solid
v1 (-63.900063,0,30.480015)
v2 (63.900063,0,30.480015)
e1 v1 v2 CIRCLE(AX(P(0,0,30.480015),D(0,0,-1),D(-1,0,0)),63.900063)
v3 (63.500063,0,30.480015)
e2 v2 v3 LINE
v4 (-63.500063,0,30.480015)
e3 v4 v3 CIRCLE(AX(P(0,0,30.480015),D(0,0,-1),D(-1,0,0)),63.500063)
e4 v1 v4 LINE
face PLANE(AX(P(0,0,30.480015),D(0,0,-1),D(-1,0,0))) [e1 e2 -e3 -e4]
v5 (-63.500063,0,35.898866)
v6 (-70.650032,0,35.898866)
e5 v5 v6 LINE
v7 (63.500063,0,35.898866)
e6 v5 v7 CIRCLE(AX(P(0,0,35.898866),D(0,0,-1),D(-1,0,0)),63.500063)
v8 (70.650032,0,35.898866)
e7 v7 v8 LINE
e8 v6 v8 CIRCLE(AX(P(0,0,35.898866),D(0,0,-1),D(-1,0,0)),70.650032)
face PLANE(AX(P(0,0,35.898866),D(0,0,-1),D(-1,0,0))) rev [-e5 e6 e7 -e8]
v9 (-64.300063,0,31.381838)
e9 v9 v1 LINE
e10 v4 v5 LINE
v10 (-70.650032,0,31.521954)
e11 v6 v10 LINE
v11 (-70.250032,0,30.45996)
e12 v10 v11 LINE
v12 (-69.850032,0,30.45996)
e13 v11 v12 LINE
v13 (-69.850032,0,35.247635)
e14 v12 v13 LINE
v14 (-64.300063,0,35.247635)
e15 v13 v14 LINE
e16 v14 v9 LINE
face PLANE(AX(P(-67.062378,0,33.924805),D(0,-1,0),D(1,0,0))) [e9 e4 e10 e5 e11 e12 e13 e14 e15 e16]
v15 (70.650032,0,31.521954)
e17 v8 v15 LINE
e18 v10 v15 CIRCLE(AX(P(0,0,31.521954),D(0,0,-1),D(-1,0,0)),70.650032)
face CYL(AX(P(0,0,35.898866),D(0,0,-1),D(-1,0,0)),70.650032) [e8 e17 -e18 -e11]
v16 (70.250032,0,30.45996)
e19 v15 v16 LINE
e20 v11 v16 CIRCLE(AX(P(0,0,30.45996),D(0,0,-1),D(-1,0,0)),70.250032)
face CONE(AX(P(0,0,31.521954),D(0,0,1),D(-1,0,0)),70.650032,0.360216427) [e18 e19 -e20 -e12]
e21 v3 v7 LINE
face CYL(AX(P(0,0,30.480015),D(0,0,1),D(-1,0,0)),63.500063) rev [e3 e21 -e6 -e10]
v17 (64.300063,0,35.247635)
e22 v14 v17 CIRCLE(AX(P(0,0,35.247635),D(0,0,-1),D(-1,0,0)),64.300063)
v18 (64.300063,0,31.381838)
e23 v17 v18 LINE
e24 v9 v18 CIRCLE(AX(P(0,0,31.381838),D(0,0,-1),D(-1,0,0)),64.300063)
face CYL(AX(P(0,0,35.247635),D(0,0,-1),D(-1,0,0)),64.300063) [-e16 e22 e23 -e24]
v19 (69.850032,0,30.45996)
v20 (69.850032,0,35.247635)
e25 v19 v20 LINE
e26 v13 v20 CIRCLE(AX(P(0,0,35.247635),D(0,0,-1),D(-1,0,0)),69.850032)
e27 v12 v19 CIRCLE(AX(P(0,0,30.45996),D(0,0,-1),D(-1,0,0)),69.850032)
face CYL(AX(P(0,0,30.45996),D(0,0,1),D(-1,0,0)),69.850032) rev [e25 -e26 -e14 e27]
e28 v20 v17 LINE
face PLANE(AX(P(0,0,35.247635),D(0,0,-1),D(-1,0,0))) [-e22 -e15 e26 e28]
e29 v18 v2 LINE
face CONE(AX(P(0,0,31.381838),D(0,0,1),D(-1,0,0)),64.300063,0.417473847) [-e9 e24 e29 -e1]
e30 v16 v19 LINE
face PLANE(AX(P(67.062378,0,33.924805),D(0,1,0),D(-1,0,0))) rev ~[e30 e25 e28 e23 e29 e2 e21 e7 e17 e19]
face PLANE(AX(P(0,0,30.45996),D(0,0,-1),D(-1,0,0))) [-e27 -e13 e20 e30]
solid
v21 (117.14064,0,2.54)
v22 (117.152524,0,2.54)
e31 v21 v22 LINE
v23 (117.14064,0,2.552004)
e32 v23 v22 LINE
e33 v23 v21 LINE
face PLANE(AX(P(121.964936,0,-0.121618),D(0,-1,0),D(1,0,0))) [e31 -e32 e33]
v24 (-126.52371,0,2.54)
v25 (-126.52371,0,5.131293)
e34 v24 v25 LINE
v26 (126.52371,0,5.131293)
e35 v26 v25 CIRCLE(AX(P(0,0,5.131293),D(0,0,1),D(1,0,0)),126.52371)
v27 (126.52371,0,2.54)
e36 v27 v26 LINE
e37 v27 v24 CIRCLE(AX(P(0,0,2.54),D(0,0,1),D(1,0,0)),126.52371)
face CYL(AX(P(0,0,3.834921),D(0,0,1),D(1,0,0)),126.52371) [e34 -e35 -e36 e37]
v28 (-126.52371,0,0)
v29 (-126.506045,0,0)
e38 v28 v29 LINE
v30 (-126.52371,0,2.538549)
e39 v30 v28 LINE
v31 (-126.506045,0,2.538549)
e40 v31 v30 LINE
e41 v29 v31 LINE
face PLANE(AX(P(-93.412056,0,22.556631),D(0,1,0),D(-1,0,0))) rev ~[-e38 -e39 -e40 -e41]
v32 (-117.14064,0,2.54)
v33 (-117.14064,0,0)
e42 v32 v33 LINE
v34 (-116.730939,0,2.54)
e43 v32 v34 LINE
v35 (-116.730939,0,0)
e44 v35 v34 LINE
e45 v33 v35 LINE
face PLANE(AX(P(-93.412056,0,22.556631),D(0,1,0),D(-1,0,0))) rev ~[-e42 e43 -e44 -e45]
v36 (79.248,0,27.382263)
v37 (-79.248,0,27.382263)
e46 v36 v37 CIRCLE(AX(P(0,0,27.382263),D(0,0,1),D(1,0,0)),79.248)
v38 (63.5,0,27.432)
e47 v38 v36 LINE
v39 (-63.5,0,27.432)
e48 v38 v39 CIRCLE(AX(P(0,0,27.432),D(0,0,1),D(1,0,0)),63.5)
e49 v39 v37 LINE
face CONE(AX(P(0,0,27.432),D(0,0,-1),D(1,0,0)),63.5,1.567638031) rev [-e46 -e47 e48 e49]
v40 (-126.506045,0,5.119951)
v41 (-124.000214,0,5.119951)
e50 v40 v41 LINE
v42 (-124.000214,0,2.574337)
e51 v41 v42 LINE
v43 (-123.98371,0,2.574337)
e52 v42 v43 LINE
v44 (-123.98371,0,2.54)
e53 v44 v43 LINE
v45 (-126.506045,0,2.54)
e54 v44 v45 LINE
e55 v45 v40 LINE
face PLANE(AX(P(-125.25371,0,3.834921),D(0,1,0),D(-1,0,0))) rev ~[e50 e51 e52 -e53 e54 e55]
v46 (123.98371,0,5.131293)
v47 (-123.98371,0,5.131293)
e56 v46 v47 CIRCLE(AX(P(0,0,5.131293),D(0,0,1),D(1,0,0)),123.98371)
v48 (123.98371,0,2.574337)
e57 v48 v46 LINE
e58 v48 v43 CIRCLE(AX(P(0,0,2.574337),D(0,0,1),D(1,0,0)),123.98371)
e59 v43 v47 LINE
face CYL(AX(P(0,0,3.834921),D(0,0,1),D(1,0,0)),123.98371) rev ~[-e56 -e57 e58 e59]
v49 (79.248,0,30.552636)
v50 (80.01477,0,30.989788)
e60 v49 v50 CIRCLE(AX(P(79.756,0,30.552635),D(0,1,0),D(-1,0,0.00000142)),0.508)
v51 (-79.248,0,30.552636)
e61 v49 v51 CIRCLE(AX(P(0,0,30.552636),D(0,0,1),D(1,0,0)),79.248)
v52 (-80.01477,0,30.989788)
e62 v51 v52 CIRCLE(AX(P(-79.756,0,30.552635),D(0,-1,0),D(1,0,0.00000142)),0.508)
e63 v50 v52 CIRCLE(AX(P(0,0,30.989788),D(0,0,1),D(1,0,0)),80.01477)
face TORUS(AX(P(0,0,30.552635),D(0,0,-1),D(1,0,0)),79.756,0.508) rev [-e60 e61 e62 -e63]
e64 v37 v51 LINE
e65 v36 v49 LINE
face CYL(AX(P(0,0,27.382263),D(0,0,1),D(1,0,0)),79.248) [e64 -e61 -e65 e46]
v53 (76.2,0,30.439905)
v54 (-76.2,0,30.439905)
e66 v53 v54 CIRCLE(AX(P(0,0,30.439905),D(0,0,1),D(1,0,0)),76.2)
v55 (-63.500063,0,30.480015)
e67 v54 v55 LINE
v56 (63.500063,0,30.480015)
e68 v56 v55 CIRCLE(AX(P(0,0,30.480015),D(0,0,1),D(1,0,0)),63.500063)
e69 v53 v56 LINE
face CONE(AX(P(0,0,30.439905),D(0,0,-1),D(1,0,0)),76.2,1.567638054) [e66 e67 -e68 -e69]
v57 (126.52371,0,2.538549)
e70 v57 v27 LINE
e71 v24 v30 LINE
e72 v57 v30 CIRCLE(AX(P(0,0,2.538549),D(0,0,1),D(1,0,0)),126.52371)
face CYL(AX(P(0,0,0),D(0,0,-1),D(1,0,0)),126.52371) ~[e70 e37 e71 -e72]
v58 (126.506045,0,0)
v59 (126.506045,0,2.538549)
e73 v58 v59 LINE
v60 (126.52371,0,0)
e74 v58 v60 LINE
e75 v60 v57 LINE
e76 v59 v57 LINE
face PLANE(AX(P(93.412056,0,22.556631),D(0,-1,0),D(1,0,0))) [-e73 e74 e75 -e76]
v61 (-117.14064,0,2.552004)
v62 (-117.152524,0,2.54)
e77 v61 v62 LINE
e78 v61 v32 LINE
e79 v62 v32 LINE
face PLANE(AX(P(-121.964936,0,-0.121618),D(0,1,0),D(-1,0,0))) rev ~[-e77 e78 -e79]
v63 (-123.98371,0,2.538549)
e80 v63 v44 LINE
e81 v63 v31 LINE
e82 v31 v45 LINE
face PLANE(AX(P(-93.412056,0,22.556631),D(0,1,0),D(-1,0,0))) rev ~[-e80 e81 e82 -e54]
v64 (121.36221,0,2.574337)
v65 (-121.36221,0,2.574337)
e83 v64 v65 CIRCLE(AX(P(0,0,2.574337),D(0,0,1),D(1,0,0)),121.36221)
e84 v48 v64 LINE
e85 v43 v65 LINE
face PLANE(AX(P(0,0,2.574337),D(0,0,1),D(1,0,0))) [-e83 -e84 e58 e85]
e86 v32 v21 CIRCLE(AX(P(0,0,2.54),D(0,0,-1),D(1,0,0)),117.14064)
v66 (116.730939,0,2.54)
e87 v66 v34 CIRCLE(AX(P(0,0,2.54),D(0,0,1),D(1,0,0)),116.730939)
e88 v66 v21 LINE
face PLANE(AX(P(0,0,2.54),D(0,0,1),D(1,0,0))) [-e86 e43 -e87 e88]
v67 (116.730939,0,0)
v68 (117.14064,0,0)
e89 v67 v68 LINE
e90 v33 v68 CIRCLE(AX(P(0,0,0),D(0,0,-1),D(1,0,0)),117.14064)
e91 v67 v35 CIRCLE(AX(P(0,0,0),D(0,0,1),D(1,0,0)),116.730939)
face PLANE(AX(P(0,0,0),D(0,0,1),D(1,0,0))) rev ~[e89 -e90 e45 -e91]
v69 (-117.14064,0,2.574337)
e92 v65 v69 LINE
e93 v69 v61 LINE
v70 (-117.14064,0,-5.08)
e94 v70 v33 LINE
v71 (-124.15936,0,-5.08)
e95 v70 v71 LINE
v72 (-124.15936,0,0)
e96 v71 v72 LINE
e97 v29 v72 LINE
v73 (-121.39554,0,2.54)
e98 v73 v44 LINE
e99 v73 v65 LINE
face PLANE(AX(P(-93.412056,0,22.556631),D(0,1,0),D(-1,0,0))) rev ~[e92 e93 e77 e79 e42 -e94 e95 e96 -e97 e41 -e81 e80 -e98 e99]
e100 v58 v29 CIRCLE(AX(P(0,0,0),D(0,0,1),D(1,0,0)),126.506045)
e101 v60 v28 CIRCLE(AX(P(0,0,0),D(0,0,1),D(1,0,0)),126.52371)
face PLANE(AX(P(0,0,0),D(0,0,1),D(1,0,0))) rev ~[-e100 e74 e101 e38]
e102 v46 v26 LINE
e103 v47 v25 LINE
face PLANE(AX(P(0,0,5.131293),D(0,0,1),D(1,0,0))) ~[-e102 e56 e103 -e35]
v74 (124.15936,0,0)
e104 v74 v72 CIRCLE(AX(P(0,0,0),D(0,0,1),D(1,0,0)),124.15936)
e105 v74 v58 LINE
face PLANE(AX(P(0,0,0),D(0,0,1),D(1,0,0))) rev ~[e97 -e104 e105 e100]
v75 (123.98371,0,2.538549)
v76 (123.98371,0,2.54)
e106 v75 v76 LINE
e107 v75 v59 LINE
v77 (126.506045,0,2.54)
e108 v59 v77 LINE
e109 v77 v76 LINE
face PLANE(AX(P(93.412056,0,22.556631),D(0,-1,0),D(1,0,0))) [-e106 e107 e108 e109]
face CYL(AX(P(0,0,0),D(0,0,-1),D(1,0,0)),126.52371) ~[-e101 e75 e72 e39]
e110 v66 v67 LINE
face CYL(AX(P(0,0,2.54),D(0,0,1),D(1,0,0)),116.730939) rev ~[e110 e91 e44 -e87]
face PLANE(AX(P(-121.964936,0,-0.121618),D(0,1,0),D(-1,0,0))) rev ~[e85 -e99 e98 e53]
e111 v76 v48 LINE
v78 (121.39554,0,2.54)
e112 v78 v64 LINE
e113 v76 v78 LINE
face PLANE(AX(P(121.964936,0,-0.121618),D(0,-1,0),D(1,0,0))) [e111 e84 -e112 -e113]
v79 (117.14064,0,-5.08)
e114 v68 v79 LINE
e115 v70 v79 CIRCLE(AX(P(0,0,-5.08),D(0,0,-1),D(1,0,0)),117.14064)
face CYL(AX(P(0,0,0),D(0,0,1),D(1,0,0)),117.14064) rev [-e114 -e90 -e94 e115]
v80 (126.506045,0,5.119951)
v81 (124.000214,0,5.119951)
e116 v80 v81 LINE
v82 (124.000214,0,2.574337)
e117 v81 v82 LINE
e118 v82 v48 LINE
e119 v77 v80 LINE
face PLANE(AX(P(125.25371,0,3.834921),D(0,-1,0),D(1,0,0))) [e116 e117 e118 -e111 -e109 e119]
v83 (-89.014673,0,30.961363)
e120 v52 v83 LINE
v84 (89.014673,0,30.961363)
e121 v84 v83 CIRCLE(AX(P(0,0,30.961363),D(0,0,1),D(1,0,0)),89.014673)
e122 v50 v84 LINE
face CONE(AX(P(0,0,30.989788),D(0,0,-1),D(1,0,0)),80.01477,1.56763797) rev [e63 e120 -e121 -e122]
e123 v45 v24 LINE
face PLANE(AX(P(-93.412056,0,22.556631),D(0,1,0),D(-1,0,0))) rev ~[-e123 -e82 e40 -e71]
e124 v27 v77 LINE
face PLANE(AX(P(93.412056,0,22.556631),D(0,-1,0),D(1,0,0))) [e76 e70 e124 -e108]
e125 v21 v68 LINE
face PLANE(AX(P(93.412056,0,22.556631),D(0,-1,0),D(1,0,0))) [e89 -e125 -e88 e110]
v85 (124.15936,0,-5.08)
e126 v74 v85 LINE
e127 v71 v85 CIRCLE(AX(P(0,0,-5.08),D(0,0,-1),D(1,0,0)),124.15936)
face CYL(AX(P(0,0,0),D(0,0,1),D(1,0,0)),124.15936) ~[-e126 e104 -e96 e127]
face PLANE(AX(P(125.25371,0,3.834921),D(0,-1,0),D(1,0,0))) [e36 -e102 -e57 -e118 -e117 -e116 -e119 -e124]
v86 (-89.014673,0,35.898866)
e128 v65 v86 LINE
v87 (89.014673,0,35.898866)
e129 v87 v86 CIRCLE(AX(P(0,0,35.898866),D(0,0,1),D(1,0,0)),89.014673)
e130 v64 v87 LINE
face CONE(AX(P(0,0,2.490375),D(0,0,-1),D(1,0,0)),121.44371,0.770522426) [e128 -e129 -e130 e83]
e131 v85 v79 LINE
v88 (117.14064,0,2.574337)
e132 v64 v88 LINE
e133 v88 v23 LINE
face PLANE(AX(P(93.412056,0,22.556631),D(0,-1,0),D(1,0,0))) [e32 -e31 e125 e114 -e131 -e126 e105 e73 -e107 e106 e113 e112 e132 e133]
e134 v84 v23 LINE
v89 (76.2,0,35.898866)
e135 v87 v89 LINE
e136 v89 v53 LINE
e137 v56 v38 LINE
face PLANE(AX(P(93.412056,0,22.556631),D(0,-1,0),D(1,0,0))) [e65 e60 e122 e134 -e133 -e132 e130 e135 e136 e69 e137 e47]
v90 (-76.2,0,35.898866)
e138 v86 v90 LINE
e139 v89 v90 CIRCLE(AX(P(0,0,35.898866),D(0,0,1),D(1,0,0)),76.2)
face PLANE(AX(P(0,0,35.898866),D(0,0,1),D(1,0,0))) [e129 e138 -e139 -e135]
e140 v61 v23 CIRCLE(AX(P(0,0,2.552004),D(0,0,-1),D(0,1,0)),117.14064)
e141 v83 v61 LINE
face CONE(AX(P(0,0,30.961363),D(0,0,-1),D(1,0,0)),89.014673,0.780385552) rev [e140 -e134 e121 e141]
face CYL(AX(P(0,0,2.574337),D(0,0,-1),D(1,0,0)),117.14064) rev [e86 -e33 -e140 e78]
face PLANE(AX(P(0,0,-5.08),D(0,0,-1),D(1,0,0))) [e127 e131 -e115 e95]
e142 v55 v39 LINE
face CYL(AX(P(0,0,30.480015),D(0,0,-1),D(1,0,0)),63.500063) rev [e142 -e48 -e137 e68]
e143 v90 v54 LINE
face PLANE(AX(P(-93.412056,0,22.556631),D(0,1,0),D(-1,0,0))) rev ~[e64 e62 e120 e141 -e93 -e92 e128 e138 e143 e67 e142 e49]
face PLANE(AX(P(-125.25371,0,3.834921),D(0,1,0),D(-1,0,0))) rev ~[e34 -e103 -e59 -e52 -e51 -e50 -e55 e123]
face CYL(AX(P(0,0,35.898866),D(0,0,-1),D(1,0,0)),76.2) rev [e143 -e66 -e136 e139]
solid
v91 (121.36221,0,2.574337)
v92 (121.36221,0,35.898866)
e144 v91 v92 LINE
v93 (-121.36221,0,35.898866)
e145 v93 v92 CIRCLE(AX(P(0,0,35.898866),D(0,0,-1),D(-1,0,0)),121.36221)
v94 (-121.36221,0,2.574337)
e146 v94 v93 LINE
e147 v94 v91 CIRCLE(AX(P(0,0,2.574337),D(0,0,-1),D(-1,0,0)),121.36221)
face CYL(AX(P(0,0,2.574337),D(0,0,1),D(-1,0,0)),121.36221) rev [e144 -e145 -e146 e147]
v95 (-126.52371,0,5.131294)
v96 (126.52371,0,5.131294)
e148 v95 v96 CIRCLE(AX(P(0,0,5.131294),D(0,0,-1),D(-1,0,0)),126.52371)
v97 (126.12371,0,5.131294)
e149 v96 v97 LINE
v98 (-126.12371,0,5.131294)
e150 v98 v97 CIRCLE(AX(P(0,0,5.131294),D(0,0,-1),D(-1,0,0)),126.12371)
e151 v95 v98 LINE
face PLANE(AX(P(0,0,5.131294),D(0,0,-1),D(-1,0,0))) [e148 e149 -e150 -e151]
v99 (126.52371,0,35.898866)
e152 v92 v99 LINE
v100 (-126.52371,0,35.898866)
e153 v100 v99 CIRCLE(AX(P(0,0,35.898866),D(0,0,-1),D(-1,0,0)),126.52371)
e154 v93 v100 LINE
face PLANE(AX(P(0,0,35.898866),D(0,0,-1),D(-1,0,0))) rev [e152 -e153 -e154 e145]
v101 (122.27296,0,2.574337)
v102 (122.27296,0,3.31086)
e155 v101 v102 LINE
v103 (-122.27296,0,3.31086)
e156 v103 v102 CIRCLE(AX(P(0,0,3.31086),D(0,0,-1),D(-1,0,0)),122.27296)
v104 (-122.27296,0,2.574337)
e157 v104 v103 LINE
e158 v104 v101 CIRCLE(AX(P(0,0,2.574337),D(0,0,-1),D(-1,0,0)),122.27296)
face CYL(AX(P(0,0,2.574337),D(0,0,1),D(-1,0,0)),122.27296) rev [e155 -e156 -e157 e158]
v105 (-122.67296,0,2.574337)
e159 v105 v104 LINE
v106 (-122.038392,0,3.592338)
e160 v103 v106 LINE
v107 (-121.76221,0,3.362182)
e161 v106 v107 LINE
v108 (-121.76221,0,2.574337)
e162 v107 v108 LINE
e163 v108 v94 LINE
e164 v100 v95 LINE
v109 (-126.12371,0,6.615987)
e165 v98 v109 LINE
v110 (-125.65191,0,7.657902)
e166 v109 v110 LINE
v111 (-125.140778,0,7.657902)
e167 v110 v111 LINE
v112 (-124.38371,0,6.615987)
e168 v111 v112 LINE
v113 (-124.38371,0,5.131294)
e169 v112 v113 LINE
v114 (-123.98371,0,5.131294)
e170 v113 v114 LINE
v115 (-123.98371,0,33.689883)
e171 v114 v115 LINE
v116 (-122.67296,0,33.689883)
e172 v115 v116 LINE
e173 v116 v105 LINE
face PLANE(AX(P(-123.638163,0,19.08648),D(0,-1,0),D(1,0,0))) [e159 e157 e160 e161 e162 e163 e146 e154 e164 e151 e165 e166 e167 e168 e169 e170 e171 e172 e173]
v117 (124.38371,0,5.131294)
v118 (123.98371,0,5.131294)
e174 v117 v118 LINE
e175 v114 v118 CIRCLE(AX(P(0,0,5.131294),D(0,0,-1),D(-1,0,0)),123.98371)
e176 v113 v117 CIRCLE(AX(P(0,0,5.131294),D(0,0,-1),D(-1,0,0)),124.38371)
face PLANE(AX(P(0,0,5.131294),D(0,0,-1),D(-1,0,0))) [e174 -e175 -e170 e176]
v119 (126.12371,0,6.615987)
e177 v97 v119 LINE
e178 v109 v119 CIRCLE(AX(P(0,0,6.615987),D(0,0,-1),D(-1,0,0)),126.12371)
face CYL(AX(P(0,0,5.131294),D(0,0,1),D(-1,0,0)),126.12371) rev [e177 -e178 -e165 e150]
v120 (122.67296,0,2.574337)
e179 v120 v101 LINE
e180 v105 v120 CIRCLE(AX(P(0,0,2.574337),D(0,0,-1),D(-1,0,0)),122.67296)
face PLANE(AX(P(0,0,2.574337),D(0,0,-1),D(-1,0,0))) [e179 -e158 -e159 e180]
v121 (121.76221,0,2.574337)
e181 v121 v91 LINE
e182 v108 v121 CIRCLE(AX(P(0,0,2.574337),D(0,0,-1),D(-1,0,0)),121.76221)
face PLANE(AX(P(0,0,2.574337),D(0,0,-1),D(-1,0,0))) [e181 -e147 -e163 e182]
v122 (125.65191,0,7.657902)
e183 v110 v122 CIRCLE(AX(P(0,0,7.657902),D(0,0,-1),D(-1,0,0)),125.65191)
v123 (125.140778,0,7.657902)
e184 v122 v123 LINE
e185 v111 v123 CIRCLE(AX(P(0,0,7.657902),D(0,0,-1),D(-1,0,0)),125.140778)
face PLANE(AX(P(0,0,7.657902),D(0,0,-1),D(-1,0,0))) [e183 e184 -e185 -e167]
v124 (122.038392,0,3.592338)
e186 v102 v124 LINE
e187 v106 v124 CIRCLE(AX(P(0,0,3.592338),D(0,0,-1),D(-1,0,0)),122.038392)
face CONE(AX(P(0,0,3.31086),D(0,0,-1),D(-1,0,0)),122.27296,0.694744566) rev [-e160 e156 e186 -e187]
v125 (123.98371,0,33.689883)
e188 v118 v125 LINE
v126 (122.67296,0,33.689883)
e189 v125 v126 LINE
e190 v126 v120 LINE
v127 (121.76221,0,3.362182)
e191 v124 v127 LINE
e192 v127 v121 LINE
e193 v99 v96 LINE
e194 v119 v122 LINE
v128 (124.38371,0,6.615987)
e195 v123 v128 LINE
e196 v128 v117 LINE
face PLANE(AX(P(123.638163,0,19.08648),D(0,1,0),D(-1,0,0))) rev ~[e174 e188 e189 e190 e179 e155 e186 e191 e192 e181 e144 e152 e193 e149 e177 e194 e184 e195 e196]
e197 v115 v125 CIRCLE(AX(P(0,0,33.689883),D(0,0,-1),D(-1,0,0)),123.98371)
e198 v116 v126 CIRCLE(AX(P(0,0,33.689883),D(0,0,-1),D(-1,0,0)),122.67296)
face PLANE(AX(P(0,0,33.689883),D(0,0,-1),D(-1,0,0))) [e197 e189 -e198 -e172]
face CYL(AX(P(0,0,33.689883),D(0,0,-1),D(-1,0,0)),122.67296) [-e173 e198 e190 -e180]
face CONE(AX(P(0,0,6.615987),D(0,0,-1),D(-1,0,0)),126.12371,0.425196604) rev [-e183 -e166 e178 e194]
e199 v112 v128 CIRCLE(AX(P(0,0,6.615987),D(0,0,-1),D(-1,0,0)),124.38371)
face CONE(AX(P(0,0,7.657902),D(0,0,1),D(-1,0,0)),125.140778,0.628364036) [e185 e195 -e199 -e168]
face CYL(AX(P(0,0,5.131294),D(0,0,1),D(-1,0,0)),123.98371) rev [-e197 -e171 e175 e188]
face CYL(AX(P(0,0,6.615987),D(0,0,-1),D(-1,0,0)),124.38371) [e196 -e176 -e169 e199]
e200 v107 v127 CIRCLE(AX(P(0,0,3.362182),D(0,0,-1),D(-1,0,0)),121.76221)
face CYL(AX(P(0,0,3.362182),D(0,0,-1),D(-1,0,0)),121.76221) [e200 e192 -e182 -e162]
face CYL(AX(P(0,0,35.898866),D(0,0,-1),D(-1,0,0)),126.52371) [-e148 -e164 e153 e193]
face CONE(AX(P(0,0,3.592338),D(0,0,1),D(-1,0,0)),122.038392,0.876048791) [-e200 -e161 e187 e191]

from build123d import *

# Parameters (mm, degrees)
F0_R      = 126.52371
F0_R_2    = 124.15936
F1_DEPTH  = 2.54
F2_R      = 124.15936
F2_R_2    = 117.14064
F3_DEPTH  = 5.08
F4_R      = 125.743209
F4_R_2    = 116.730939
F5_DEPTH  = 2.54
F6_W      = 349.577502
F6_H      = 219.862625
F7_DEPTH  = 152.4
F9_ANGLE  = 180
F10_W     = 2.54
F10_H     = 2.592745
F11_ANGLE = -180
F13_ANGLE = -180
F15_ANGLE = -180


with BuildPart() as f1:
    # F0 (on Top) → F1 (new body)
    with BuildSketch(Plane.XY):
        Circle(F0_R)
        Circle(F0_R_2, mode=Mode.SUBTRACT)
    extrude(amount=F1_DEPTH)


with BuildPart() as f3:
    # F2 (on face) → F3 (new body)
    with BuildSketch(Plane(origin=(0, 0, 0), x_dir=(1, 0, 0), z_dir=(0, 0, -1))):
        Circle(F2_R)
        Circle(F2_R_2, mode=Mode.SUBTRACT)
    extrude(amount=F3_DEPTH)


with BuildPart() as f5:
    # F4 (on face) → F5 (new body)
    with BuildSketch(Plane.XY.offset(2.54)):
        Circle(F4_R)
        Circle(F4_R_2, mode=Mode.SUBTRACT)
    extrude(amount=-F5_DEPTH)


with BuildPart() as f7_tool:
    # F6 (on Front) → F7 (new body)
    with BuildSketch(Plane.XZ):
        with Locations((13.366215, -9.95794)):
            Rectangle(F6_W, F6_H)
    extrude(amount=F7_DEPTH)


with BuildPart() as f1_1:
    add(f1.part)

    # F7: cut by f7_tool
    add(f7_tool.part, mode=Mode.SUBTRACT)



with BuildPart() as f3_1:
    add(f3.part)

    # F7: cut by f7_tool
    add(f7_tool.part, mode=Mode.SUBTRACT)



with BuildPart() as f5_1:
    add(f5.part)

    # F7: cut by f7_tool
    add(f7_tool.part, mode=Mode.SUBTRACT)


with BuildPart() as f3_2:
    add(f3_1.part)

    add(f5_1.part)  # F9 merges F5
    # F8 (on Front) → F9 (revolve)
    with BuildSketch(Plane.XZ):
        with BuildLine():
            Line((76.2, 30.439905), (63.500063, 30.480015))
            Line((63.500063, 30.480015), (63.5, 27.432))
            Line((63.5, 27.432), (79.248, 27.382263))
            Line((79.248, 27.382263), (79.248, 30.552636))
            ThreePointArc((79.248, 30.552636), (79.504396, 30.993951), (80.01477, 30.989788))
            Line((80.01477, 30.989788), (89.014673, 30.961363))
            Line((89.014673, 30.961363), (119.667187, 0))
            Line((119.667187, 0), (121.44371, 2.490375))
            Line((121.44371, 2.490375), (89.014673, 35.898866))
            Line((89.014673, 35.898866), (76.2, 35.898866))
            Line((76.2, 35.898866), (76.2, 30.439905))
        make_face()
    revolve(axis=Axis((0, 0, 15.24), (0, 0, 1)), revolution_arc=F9_ANGLE)


with BuildPart() as f11:
    # F10 (on Front) → F11 (revolve)
    with BuildSketch(Plane.XZ):
        with Locations((125.25371, 3.834921)):
            Rectangle(F10_W, F10_H)
    revolve(axis=Axis((0, 0, -9.371076), (0, 0, -1)), revolution_arc=F11_ANGLE)


with BuildPart() as f1_2:
    add(f1_1.part)

    add(f3_2.part)  # F13 merges F3

    add(f11.part)  # F13 merges F11
    # F12 (on face) → F13 (revolve)
    with BuildSketch(Plane.XZ):
        Polygon((117.14064, 2.574337), (117.14064, 0), (117.14064, -5.08), (124.15936, -5.08), (124.15936, 0), (126.506045, 0), (126.506045, 5.119951), (124.000214, 5.119951), (124.000214, 2.574337), align=None)
    revolve(axis=Axis((0, 0, -4.455078), (0, 0, -1)), revolution_arc=F13_ANGLE)


with BuildPart() as f15:
    # F14 (on face) → F15 (revolve)
    with BuildSketch(Plane.XZ):
        Polygon((-63.500063, 30.480015), (-63.500063, 35.898866), (-64.300063, 35.898866), (-69.850032, 35.898866), (-70.650032, 35.898866), (-70.650032, 31.521954), (-70.250032, 30.45996), (-69.850032, 30.45996), (-69.850032, 35.247635), (-64.300063, 35.247635), (-64.300063, 31.381838), (-63.900063, 30.480015), align=None)
        Polygon((-126.52371, 33.689883), (-126.52371, 5.131294), (-126.12371, 5.131294), (-126.12371, 6.615987), (-125.65191, 7.657902), (-125.140778, 7.657902), (-124.38371, 6.615987), (-124.38371, 5.131294), (-123.98371, 5.131294), (-123.98371, 33.689883), (-122.67296, 33.689883), (-122.67296, 2.574337), (-122.27296, 2.574337), (-122.27296, 3.31086), (-122.038392, 3.592338), (-121.76221, 3.362182), (-121.76221, 2.574337), (-121.36221, 2.574337), (-121.36221, 33.689883), (-121.36221, 35.898866), (-122.67296, 35.898866), (-123.98371, 35.898866), (-126.52371, 35.898866), align=None)
    revolve(axis=Axis((0, 0, 17.949433), (0, 0, 1)), revolution_arc=F15_ANGLE)


solid = Compound([f1_2.part, f15.part])
